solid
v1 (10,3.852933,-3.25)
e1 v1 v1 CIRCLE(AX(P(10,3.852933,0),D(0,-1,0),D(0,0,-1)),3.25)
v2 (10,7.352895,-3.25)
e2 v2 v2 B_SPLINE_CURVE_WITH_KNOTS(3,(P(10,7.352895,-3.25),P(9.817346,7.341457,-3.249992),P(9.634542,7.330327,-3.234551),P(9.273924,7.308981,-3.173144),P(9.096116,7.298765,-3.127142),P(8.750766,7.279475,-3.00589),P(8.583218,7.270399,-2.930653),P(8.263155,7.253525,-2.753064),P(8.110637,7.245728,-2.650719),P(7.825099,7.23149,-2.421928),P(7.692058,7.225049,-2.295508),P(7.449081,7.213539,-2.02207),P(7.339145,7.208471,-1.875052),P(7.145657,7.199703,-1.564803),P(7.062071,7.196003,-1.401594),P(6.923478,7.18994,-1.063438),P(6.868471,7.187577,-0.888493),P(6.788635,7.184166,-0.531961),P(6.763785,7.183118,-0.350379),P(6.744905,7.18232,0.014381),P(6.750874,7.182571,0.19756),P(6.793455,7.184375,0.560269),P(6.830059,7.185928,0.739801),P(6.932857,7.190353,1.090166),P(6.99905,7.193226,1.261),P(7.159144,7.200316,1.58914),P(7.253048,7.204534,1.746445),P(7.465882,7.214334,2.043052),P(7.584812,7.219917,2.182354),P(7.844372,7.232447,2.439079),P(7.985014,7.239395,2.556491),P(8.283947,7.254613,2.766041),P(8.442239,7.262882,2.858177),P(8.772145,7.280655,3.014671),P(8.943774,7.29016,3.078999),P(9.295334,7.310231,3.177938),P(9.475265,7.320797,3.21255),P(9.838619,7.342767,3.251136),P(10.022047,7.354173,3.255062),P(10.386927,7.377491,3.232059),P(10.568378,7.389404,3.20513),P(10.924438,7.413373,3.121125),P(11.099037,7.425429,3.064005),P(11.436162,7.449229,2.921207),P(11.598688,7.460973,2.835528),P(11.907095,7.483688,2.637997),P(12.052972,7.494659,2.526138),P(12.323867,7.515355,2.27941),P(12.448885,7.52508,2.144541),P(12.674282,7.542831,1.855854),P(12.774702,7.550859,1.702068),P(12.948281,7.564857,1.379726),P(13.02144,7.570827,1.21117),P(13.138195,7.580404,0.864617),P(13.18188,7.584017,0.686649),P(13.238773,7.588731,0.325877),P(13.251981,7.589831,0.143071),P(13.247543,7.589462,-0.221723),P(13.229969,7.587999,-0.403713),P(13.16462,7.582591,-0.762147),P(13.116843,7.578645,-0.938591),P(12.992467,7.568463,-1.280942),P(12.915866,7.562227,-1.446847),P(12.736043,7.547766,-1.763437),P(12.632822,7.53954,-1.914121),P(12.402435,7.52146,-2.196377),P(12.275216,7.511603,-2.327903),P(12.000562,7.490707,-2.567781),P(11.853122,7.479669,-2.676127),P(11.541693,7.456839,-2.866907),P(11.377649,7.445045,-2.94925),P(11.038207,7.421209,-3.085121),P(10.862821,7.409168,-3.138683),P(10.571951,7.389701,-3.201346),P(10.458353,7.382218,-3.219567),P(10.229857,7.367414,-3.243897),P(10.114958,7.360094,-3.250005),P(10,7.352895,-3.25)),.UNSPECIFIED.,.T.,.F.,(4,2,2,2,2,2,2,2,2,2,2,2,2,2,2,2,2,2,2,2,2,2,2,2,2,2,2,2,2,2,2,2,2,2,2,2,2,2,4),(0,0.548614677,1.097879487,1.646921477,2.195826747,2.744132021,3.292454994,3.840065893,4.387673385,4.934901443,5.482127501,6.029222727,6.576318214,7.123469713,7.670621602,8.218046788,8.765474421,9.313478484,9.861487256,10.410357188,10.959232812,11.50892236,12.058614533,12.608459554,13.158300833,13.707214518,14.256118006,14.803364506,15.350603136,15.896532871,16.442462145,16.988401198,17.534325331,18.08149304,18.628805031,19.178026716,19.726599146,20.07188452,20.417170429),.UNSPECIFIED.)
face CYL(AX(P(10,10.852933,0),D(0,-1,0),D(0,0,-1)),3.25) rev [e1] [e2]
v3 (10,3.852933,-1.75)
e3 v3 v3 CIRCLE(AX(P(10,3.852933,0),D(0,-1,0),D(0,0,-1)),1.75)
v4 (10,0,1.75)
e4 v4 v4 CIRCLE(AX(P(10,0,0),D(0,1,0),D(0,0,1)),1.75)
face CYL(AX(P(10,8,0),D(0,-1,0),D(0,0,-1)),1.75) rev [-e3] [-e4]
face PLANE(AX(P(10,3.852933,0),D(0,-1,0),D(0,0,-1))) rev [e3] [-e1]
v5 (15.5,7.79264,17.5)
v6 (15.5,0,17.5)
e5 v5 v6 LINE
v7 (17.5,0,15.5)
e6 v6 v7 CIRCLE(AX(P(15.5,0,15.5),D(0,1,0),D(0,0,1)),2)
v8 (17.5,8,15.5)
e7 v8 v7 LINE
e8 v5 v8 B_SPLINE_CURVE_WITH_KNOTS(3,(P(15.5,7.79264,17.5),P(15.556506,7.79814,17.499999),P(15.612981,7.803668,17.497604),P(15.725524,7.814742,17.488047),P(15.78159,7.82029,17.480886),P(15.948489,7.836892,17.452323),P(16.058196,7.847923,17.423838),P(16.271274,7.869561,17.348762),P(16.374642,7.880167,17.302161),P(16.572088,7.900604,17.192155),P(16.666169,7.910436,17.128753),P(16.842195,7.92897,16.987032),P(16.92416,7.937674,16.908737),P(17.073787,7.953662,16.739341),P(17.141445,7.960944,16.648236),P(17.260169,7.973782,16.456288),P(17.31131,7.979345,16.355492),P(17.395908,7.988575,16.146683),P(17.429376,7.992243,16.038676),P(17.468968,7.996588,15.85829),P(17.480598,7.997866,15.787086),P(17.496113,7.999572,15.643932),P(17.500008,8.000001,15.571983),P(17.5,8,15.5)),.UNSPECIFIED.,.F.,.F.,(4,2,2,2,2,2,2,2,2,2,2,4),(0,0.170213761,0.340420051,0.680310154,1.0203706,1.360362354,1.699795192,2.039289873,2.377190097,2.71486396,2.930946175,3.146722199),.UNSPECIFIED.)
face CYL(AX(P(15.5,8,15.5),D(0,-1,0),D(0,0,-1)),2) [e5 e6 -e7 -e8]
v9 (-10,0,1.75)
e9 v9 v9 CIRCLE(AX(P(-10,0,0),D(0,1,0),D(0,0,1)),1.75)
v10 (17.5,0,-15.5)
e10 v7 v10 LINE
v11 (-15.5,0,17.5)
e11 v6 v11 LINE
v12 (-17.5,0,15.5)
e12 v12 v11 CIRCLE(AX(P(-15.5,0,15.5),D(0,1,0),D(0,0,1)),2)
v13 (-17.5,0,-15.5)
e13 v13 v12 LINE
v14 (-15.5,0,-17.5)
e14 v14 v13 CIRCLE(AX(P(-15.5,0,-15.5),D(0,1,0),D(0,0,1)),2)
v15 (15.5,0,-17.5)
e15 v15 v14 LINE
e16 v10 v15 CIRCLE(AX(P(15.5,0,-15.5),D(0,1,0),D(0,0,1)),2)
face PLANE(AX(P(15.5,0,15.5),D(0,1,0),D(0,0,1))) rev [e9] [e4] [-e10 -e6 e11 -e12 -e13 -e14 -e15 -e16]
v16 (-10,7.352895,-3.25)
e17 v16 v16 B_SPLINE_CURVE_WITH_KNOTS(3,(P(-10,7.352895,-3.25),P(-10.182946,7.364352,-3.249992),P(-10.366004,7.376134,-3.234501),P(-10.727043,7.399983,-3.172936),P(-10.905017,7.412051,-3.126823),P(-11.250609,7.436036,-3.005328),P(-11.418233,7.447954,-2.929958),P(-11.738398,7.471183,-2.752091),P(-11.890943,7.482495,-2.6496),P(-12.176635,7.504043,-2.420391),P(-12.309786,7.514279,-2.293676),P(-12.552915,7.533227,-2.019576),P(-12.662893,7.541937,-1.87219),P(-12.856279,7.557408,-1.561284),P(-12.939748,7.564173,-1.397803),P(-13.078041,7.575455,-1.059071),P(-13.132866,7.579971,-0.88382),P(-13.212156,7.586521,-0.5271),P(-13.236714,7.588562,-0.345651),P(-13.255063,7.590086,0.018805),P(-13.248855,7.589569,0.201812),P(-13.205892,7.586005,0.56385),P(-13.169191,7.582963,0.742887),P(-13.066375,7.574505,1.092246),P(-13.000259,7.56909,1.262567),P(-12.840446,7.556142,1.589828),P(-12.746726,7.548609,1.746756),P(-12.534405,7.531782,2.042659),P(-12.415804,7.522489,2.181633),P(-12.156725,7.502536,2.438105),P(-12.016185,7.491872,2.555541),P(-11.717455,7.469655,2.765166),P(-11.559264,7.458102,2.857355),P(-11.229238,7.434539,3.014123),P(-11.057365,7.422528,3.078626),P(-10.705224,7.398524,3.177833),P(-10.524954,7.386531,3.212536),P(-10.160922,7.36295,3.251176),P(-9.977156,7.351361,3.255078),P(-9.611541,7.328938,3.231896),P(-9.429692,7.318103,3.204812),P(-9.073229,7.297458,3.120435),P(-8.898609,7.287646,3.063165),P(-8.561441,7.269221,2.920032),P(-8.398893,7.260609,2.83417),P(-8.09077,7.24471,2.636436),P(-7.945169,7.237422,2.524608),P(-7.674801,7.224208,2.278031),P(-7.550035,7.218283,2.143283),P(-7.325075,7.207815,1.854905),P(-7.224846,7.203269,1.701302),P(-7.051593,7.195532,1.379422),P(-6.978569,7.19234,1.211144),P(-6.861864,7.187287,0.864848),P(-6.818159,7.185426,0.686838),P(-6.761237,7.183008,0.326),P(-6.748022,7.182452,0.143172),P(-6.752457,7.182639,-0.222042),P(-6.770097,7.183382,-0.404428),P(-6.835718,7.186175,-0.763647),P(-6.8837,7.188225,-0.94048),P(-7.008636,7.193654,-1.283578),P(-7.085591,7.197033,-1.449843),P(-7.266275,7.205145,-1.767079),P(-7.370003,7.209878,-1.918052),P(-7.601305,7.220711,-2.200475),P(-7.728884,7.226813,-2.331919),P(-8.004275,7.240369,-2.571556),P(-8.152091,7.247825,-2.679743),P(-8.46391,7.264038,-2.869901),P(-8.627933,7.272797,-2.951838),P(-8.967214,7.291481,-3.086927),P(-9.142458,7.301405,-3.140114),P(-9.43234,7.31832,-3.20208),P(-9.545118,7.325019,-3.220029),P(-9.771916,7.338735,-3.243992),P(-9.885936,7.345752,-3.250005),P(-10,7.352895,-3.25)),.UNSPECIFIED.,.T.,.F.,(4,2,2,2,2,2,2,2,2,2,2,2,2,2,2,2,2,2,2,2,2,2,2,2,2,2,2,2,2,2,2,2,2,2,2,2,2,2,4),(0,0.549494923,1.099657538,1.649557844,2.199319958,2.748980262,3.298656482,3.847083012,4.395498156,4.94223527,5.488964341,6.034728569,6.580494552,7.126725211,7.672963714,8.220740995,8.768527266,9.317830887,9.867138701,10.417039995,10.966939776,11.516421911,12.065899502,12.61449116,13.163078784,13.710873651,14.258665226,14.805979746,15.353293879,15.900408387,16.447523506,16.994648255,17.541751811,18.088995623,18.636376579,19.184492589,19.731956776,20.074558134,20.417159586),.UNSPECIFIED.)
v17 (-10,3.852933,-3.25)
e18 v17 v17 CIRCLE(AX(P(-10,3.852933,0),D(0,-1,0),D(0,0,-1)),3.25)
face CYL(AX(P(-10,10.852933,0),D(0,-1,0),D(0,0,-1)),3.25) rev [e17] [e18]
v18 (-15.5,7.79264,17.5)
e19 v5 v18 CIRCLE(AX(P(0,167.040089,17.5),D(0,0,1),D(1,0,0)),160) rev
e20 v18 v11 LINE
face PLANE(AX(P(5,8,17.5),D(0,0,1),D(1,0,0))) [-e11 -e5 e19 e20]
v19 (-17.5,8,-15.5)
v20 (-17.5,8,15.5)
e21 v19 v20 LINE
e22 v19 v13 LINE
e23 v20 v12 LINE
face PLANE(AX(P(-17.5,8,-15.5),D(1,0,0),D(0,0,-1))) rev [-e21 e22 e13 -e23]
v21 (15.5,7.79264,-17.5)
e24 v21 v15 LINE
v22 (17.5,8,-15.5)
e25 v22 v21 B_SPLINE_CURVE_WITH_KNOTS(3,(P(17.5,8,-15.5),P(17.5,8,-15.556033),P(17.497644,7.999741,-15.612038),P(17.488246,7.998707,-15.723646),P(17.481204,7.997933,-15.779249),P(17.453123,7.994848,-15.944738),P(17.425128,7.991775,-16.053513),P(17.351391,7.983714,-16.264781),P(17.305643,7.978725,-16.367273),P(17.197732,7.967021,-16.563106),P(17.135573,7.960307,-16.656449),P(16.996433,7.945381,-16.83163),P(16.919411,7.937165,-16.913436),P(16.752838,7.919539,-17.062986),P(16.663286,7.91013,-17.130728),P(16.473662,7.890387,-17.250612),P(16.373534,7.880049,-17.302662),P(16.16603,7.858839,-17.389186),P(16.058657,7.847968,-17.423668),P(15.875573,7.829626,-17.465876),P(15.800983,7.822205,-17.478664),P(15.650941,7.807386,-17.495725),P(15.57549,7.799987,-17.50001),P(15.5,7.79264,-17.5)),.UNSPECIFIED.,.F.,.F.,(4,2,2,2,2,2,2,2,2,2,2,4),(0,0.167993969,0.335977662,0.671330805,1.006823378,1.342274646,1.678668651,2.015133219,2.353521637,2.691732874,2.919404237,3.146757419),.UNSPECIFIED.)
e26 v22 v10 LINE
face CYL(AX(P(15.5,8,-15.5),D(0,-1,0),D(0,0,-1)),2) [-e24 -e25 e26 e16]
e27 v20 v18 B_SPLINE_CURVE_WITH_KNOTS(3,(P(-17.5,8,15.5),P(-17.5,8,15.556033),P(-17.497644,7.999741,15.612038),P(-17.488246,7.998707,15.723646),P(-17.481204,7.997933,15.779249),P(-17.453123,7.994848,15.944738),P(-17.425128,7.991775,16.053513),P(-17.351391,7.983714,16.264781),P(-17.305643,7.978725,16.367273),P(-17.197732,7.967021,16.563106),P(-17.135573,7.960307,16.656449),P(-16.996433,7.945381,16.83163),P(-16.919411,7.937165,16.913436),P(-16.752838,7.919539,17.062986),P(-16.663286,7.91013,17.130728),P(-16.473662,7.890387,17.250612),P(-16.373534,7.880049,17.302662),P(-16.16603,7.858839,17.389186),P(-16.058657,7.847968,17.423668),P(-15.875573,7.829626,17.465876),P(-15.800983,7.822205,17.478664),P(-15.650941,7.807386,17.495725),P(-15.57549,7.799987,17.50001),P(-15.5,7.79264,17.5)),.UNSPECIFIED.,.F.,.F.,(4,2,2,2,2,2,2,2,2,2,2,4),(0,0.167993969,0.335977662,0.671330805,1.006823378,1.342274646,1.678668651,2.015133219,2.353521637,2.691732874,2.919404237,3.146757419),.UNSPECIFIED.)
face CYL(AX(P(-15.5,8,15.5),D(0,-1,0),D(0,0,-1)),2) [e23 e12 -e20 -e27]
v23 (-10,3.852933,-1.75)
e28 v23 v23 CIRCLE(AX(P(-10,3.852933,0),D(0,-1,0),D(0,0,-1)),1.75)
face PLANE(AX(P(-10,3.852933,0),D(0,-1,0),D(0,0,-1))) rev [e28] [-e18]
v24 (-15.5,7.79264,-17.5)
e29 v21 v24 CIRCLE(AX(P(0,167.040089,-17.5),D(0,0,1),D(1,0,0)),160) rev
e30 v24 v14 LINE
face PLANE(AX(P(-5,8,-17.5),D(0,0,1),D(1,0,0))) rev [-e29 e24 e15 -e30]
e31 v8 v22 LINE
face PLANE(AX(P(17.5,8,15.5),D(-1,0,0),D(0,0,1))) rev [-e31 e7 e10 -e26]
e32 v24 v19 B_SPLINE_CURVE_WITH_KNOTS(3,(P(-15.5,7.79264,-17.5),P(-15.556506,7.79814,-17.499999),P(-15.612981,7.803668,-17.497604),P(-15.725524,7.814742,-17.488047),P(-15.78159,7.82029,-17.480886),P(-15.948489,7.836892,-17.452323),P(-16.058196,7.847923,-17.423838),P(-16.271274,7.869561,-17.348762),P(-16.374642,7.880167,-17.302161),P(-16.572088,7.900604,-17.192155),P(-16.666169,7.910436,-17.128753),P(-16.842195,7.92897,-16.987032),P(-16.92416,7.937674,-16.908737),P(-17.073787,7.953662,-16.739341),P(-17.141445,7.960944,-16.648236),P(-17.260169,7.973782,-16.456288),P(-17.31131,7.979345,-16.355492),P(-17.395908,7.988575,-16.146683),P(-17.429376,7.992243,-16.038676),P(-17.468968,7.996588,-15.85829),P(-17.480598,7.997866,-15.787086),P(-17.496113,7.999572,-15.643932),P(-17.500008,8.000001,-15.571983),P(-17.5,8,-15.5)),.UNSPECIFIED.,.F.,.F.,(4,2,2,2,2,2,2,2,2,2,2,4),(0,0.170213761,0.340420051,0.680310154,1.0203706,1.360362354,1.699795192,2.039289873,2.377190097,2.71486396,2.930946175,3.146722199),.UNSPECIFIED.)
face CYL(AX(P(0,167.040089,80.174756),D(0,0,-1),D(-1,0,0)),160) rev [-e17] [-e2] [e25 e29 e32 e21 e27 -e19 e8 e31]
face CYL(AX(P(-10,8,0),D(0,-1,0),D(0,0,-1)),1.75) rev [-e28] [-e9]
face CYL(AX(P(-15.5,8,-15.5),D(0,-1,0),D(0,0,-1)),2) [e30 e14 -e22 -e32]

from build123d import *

# Parameters (mm, degrees)
SKETCH_2_R               = 1.75
EXTRUDE_1_DEPTH          = 8
CUT_EXTRUDE_1_DEPTH      = 40.940580867
CUT_EXTRUDE_1_DEPTH_BACK = 40.940580867
CUT_EXTRUDE_2_DEPTH      = 3.5
CUT_EXTRUDE_2_DEPTH_BACK = 3.5
SKETCH_6_R               = 3.25


with BuildPart() as part:
    # Эскиз2 → Бобышка-Вытянуть1 (new body)
    with BuildSketch(Plane(origin=(0, 0, 0), x_dir=(-1, 0, 0), z_dir=(0, 1, 0))):
        with BuildLine():
            Line((5, -17.5), (-5, -17.5))
            Line((-5, -17.5), (-15.5, -17.5))
            ThreePointArc((-15.5, -17.5), (-16.914213562, -16.914213562), (-17.5, -15.5))
            Line((-17.5, -15.5), (-17.5, 15.5))
            ThreePointArc((-17.5, 15.5), (-16.914213562, 16.914213562), (-15.5, 17.5))
            Line((-15.5, 17.5), (-5, 17.5))
            Line((-5, 17.5), (5, 17.5))
            Line((5, 17.5), (15.5, 17.5))
            ThreePointArc((15.5, 17.5), (16.914213562, 16.914213562), (17.5, 15.5))
            Line((17.5, 15.5), (17.5, -15.5))
            ThreePointArc((17.5, -15.5), (16.914213562, -16.914213562), (15.5, -17.5))
            Line((15.5, -17.5), (5, -17.5))
        make_face()
        with Locations((10, 0)):
            Circle(SKETCH_2_R, mode=Mode.SUBTRACT)
        with Locations((-10, 0)):
            Circle(SKETCH_2_R, mode=Mode.SUBTRACT)
    extrude(amount=EXTRUDE_1_DEPTH)

    # Эскиз4 → Вырез-Вытянуть1 (cut, two sides: drawn at the far end of the back side and taken through both)
    with BuildSketch(Plane.XY.offset(17.5).offset(-CUT_EXTRUDE_1_DEPTH_BACK)):
        with BuildLine():
            Line((-98.814506181, 16.947453844), (-17.5, 8))
            ThreePointArc((-17.5, 8), (0, 7.040089286), (17.5, 8))
            Line((17.5, 8), (98.814506181, 16.947453844))
            Line((98.814506181, 16.947453844), (98.814506181, 180.558038412))
            Line((98.814506181, 180.558038412), (-98.814506181, 180.558038412))
            Line((-98.814506181, 180.558038412), (-98.814506181, 16.947453844))
        make_face()
    extrude(amount=CUT_EXTRUDE_1_DEPTH + CUT_EXTRUDE_1_DEPTH_BACK, mode=Mode.SUBTRACT)

    # Эскиз6 → Вырез-Вытянуть2 (cut, two sides: drawn at the far end of the back side and taken through both)
    with BuildSketch(Plane(origin=(0, 7.352932668, 0), x_dir=(-1, 0, 0), z_dir=(0, -1, 0)).offset(-CUT_EXTRUDE_2_DEPTH_BACK)):
        with Locations((10, 0)):
            Circle(SKETCH_6_R)
        with Locations((-10, 0)):
            Circle(SKETCH_6_R)
    extrude(amount=CUT_EXTRUDE_2_DEPTH + CUT_EXTRUDE_2_DEPTH_BACK, mode=Mode.SUBTRACT)


solid = part.part
